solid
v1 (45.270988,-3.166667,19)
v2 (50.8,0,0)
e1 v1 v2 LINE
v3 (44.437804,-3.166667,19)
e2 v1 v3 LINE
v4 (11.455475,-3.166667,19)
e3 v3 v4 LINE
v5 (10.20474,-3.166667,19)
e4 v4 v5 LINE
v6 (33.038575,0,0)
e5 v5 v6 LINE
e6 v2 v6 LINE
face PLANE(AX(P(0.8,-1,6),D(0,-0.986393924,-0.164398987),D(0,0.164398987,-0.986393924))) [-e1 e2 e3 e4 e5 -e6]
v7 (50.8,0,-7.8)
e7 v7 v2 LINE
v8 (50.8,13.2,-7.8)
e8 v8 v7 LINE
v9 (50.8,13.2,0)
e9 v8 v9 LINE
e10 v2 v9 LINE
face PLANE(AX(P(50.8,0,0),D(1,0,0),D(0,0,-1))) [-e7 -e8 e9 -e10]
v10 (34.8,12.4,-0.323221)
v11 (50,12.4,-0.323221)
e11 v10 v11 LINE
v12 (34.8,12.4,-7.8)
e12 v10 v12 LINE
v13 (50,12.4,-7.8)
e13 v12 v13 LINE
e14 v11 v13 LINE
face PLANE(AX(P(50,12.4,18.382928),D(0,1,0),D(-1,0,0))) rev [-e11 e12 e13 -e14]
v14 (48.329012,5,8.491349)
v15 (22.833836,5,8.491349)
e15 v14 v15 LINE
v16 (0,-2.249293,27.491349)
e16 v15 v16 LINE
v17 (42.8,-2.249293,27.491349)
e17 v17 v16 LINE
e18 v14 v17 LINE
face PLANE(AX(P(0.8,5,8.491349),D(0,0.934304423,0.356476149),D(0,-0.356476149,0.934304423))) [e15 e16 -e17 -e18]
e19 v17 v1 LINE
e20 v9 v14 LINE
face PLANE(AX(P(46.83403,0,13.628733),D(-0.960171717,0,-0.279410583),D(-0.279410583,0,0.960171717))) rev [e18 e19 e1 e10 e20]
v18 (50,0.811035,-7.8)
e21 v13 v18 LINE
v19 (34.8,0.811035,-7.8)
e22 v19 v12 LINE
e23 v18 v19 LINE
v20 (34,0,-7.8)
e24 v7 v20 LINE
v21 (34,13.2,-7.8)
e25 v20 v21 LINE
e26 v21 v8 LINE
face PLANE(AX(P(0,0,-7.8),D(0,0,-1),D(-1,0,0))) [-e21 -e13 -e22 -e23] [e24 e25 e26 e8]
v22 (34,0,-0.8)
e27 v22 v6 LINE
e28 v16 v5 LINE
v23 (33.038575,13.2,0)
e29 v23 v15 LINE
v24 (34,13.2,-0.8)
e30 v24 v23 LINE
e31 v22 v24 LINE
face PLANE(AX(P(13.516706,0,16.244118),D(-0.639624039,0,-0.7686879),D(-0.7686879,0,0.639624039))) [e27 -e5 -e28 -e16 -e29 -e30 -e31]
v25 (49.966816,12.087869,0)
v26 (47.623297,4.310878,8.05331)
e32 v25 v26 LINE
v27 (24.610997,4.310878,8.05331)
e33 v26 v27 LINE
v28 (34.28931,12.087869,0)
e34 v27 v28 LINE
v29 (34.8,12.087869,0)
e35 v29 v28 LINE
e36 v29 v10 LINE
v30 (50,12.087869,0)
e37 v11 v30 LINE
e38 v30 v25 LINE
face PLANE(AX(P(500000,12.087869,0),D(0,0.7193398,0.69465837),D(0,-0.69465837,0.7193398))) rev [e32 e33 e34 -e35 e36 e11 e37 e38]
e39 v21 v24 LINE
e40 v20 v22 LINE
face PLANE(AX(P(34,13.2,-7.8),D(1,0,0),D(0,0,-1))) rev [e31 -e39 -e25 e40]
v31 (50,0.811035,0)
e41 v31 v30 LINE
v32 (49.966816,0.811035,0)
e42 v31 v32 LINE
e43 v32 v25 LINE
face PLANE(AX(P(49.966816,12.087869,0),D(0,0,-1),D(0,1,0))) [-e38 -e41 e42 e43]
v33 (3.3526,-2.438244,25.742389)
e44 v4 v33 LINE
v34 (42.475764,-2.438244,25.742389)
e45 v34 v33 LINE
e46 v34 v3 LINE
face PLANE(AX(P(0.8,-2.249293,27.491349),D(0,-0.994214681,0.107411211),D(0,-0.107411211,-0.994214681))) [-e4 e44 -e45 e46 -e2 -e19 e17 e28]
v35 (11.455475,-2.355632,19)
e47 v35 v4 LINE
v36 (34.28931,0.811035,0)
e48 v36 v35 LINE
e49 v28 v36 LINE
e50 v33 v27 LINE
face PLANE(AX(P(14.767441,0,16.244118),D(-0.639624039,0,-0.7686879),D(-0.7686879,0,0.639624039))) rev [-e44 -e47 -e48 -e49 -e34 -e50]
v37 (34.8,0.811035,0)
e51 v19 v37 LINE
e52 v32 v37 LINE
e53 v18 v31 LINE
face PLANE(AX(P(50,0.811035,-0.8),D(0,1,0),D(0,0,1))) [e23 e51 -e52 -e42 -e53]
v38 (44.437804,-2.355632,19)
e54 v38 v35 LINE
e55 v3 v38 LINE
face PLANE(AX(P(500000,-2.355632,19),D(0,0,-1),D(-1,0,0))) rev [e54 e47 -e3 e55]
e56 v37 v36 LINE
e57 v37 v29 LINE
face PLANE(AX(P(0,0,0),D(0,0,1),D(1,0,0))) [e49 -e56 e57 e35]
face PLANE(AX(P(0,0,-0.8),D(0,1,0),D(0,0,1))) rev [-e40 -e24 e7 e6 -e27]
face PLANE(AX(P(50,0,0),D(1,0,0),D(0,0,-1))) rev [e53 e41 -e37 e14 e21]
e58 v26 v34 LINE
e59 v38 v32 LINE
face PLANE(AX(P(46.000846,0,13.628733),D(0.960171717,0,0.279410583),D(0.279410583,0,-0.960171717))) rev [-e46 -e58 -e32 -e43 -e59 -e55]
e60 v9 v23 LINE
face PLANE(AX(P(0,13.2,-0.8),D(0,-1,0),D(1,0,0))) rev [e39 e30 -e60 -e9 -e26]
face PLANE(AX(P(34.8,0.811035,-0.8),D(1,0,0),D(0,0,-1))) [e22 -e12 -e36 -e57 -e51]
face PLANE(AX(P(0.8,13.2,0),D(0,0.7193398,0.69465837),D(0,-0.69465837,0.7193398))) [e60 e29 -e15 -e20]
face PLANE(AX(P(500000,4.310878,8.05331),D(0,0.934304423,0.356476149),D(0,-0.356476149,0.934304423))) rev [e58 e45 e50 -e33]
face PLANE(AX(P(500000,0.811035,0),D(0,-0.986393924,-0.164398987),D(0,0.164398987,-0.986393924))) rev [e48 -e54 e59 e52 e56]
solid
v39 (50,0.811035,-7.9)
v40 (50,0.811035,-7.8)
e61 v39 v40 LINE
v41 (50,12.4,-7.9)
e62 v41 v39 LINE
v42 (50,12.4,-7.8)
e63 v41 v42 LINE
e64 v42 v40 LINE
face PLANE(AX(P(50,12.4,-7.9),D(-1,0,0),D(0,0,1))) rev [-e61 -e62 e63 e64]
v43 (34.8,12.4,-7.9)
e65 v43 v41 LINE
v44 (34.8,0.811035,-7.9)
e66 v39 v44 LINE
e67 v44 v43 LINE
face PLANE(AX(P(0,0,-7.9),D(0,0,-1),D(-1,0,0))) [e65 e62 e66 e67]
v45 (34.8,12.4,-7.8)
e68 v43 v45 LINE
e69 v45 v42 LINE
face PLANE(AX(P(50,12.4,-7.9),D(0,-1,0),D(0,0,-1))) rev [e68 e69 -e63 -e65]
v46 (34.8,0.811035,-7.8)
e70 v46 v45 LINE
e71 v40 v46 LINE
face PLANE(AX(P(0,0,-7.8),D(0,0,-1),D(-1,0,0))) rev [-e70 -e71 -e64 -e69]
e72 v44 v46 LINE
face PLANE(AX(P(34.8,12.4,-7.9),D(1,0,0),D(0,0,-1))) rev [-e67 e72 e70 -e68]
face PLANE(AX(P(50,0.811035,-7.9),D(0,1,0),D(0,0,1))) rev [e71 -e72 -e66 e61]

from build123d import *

# Parameters (mm, degrees)
SIDE_BASE_DEPTH                    = 0.8
SIDE_BASE_2_COUNT                  = 2
SIDE_BASE_2_PITCH                  = 50
FRONT_BACK_WALLS_DEPTH             = 50
BASE_SKETCH_W                      = 50.8
BASE_SKETCH_H                      = 13.2
BASE_SKETCH_W_2                    = 15.2
BASE_SKETCH_H_2                    = 11.276834123
BASE_DEPTH                         = 0.8
ATTACHMENT_BASE_SKETCH_W           = 16.8
ATTACHMENT_BASE_SKETCH_H           = 13.2
ATTACHMENT_BASE_SKETCH_W_2         = 15.2
ATTACHMENT_BASE_SKETCH_H_2         = 11.276834123
ATTACHMENT_BASE_DEPTH              = 7
LEFT_RIGHT_WALL_REMOVAL_DEPTH      = 51
LEFT_RIGHT_WALL_REMOVAL_DEPTH_BACK = 1.8
SKETCH6_W                          = 28.631700026
SKETCH6_H                          = 16.366666667
CUTAWAY_LEFT_DEPTH                 = 8.681373736
LEFT_WALL_DEPTH                    = 0.8331843
SKETCH9_W                          = 44.231215268
SKETCH9_H                          = 16.366666667
CUTAWAY_RIGHT_DEPTH                = 28.12803264
RIGHT_WALL_DEPTH                   = 1.25073473
PIPE_TOP_EXTRA_CUTAWAY_REACH       = 37.291
SKETCH11_W                         = 15.2
SKETCH11_H                         = 0.312130873
SKETCH1_W                          = 15.2
SKETCH1_H                          = 11.588964996
FAN_BASE_DEPTH                     = 0.1


with BuildPart() as part:
    # Side base sketch → Side base (new body)
    with BuildSketch(Plane.ZY):
        Polygon((0, 13.2), (8.491348573, 5), (19.491348573, 0.8030407), (27.491348573, -2.249293336), (19, -3.166666667), (6, -1), (0, 0), align=None)
    extrude(amount=-SIDE_BASE_DEPTH)


with BuildPart() as side_base_2_1:
    # Side base 2: pattern copy
    add(part.part.moved(Location(Vector(1, 0, 0) * (1 * SIDE_BASE_2_PITCH))))


with BuildPart() as part_1:
    add(part.part)

    add(side_base_2_1.part)  # Front back walls merges Side base 2_1
    # Wall base sketch → Front back walls (add)
    with BuildSketch(Plane(origin=(0.8, 0, 0), x_dir=(0, 0, -1), z_dir=(1, 0, 0))):
        Polygon((0, 12.087869127), (-8.053310036, 4.310878025), (-25.742389296, -2.438244311), (-27.491348573, -2.249293336), (-8.491348573, 5), (0, 13.2), align=None)
        Polygon((0, 0.811035004), (-19, -2.355631663), (-19, -3.166666667), (0, 0), align=None)
    extrude(amount=FRONT_BACK_WALLS_DEPTH)

    # Base sketch → Base (add)
    with BuildSketch(Plane(origin=(0, 0, 0), x_dir=(-1, 0, 0), z_dir=(0, 0, -1))):
        with Locations((-25.4, 6.6)):
            Rectangle(BASE_SKETCH_W, BASE_SKETCH_H)
        with Locations((-42.4, 6.449452066)):
            Rectangle(BASE_SKETCH_W_2, BASE_SKETCH_H_2, mode=Mode.SUBTRACT)
    extrude(amount=BASE_DEPTH)

    # Attachment base sketch → Attachment base (add)
    with BuildSketch(Plane(origin=(0, 0, -0.8), x_dir=(-1, 0, 0), z_dir=(0, 0, -1))):
        with Locations((-42.4, 6.6)):
            Rectangle(ATTACHMENT_BASE_SKETCH_W, ATTACHMENT_BASE_SKETCH_H)
        with Locations((-42.4, 6.449452066)):
            Rectangle(ATTACHMENT_BASE_SKETCH_W_2, ATTACHMENT_BASE_SKETCH_H_2, mode=Mode.SUBTRACT)
    extrude(amount=ATTACHMENT_BASE_DEPTH)

    # Sketch4 → Left right wall removal (cut, two sides)
    with BuildSketch(Plane(origin=(0.8, 0, 0), x_dir=(0, 0, -1), z_dir=(1, 0, 0))) as left_right_wall_removal_sk:
        Polygon((-25.742389296, -2.438244311), (-19, -3.166666667), (-19, -2.355631663), (0, 0.811035004), (0, 12.087869127), (-8.053310036, 4.310878025), align=None)
    extrude(amount=LEFT_RIGHT_WALL_REMOVAL_DEPTH, mode=Mode.SUBTRACT)
    extrude(left_right_wall_removal_sk.sketch, amount=-LEFT_RIGHT_WALL_REMOVAL_DEPTH_BACK, mode=Mode.SUBTRACT)

    # Sketch6 → Cutaway left (cut, through all)
    with BuildSketch(Plane(origin=(46.834030083, 0, 13.628732678), x_dir=(0.279410583, 0, -0.960171717), z_dir=(0.960171717, 0, 0.279410583))):
        with Locations((-0.12179239, 5.016666667)):
            Rectangle(SKETCH6_W, SKETCH6_H)
    extrude(amount=CUTAWAY_LEFT_DEPTH, mode=Mode.SUBTRACT)

    # Sketch7 → Left wall (add, along a direction that is not the sketch's normal)
    with BuildSketch(Plane(origin=(46.834030083, 0, 13.628732678), x_dir=(0.279410583, 0, -0.960171717), z_dir=(0.960171717, 0, 0.279410583))):
        Polygon((-5.594069506, -2.355631663), (-5.594069506, -3.166666667), (-12.616135639, -2.438244311), (5.806693265, 4.310878025), (14.194057623, 12.087869127), (14.194057623, 0.811035004), align=None)
    extrude(amount=-LEFT_WALL_DEPTH, dir=(1, 0, 0))

    # Sketch9 → Cutaway right (cut, through all)
    with BuildSketch(Plane(origin=(13.516705988, 0, 16.244117965), x_dir=(0.7686879, 0, -0.639624039), z_dir=(0.639624039, 0, 0.7686879))):
        with Locations((4.531480214, 5.016666667)):
            Rectangle(SKETCH9_W, SKETCH9_H)
    extrude(amount=-CUTAWAY_RIGHT_DEPTH, mode=Mode.SUBTRACT)

    # Sketch10 → Right wall (add, along a direction that is not the sketch's normal)
    with BuildSketch(Plane(origin=(13.516705988, 0, 16.244117965), x_dir=(-0.7686879, 0, 0.639624039), z_dir=(-0.639624039, 0, -0.7686879))):
        Polygon((-25.396353118, 12.087869127), (-25.396353118, 0.811035004), (4.308596716, -2.355631663), (4.308596716, -3.166666667), (14.849772284, -2.438244311), (-12.805659927, 4.310878025), align=None)
    extrude(amount=-RIGHT_WALL_DEPTH, dir=(-1, 0, 0))

    # Pipe top extra cutaway: up to this face of the body (flat: up to its plane)
    pipe_top_extra_cutaway_end = Plane(part_1.part.faces().sort_by_distance((38.932680486, 7.953647195, 4.281112134))[0])
    # Sketch11 → Pipe top extra cutaway (cut, up to the picked face)
    with BuildSketch(Plane(origin=(0, 0, -7.8), x_dir=(-1, 0, 0), z_dir=(0, 0, -1)), mode=Mode.PRIVATE) as pipe_top_extra_cutaway_sk1:
        with Locations((-42.4, 12.243934564)):
            Rectangle(SKETCH11_W, SKETCH11_H)
    pipe_top_extra_cutaway_tool1 = split(extrude(pipe_top_extra_cutaway_sk1.sketch, amount=-PIPE_TOP_EXTRA_CUTAWAY_REACH, mode=Mode.PRIVATE), bisect_by=pipe_top_extra_cutaway_end, keep=Keep.BOTH, mode=Mode.PRIVATE)
    add(pipe_top_extra_cutaway_tool1.solids().sort_by_distance((42.4, 12.243935, -7.8))[0], mode=Mode.SUBTRACT)


with BuildPart() as body_2:
    # Sketch1 → Fan base (new body)
    with BuildSketch(Plane(origin=(0, 0, -7.8), x_dir=(-1, 0, 0), z_dir=(0, 0, -1))):
        with Locations((-42.4, 6.605517502)):
            Rectangle(SKETCH1_W, SKETCH1_H)
    extrude(amount=FAN_BASE_DEPTH)


solid = Compound([part_1.part, body_2.part])
